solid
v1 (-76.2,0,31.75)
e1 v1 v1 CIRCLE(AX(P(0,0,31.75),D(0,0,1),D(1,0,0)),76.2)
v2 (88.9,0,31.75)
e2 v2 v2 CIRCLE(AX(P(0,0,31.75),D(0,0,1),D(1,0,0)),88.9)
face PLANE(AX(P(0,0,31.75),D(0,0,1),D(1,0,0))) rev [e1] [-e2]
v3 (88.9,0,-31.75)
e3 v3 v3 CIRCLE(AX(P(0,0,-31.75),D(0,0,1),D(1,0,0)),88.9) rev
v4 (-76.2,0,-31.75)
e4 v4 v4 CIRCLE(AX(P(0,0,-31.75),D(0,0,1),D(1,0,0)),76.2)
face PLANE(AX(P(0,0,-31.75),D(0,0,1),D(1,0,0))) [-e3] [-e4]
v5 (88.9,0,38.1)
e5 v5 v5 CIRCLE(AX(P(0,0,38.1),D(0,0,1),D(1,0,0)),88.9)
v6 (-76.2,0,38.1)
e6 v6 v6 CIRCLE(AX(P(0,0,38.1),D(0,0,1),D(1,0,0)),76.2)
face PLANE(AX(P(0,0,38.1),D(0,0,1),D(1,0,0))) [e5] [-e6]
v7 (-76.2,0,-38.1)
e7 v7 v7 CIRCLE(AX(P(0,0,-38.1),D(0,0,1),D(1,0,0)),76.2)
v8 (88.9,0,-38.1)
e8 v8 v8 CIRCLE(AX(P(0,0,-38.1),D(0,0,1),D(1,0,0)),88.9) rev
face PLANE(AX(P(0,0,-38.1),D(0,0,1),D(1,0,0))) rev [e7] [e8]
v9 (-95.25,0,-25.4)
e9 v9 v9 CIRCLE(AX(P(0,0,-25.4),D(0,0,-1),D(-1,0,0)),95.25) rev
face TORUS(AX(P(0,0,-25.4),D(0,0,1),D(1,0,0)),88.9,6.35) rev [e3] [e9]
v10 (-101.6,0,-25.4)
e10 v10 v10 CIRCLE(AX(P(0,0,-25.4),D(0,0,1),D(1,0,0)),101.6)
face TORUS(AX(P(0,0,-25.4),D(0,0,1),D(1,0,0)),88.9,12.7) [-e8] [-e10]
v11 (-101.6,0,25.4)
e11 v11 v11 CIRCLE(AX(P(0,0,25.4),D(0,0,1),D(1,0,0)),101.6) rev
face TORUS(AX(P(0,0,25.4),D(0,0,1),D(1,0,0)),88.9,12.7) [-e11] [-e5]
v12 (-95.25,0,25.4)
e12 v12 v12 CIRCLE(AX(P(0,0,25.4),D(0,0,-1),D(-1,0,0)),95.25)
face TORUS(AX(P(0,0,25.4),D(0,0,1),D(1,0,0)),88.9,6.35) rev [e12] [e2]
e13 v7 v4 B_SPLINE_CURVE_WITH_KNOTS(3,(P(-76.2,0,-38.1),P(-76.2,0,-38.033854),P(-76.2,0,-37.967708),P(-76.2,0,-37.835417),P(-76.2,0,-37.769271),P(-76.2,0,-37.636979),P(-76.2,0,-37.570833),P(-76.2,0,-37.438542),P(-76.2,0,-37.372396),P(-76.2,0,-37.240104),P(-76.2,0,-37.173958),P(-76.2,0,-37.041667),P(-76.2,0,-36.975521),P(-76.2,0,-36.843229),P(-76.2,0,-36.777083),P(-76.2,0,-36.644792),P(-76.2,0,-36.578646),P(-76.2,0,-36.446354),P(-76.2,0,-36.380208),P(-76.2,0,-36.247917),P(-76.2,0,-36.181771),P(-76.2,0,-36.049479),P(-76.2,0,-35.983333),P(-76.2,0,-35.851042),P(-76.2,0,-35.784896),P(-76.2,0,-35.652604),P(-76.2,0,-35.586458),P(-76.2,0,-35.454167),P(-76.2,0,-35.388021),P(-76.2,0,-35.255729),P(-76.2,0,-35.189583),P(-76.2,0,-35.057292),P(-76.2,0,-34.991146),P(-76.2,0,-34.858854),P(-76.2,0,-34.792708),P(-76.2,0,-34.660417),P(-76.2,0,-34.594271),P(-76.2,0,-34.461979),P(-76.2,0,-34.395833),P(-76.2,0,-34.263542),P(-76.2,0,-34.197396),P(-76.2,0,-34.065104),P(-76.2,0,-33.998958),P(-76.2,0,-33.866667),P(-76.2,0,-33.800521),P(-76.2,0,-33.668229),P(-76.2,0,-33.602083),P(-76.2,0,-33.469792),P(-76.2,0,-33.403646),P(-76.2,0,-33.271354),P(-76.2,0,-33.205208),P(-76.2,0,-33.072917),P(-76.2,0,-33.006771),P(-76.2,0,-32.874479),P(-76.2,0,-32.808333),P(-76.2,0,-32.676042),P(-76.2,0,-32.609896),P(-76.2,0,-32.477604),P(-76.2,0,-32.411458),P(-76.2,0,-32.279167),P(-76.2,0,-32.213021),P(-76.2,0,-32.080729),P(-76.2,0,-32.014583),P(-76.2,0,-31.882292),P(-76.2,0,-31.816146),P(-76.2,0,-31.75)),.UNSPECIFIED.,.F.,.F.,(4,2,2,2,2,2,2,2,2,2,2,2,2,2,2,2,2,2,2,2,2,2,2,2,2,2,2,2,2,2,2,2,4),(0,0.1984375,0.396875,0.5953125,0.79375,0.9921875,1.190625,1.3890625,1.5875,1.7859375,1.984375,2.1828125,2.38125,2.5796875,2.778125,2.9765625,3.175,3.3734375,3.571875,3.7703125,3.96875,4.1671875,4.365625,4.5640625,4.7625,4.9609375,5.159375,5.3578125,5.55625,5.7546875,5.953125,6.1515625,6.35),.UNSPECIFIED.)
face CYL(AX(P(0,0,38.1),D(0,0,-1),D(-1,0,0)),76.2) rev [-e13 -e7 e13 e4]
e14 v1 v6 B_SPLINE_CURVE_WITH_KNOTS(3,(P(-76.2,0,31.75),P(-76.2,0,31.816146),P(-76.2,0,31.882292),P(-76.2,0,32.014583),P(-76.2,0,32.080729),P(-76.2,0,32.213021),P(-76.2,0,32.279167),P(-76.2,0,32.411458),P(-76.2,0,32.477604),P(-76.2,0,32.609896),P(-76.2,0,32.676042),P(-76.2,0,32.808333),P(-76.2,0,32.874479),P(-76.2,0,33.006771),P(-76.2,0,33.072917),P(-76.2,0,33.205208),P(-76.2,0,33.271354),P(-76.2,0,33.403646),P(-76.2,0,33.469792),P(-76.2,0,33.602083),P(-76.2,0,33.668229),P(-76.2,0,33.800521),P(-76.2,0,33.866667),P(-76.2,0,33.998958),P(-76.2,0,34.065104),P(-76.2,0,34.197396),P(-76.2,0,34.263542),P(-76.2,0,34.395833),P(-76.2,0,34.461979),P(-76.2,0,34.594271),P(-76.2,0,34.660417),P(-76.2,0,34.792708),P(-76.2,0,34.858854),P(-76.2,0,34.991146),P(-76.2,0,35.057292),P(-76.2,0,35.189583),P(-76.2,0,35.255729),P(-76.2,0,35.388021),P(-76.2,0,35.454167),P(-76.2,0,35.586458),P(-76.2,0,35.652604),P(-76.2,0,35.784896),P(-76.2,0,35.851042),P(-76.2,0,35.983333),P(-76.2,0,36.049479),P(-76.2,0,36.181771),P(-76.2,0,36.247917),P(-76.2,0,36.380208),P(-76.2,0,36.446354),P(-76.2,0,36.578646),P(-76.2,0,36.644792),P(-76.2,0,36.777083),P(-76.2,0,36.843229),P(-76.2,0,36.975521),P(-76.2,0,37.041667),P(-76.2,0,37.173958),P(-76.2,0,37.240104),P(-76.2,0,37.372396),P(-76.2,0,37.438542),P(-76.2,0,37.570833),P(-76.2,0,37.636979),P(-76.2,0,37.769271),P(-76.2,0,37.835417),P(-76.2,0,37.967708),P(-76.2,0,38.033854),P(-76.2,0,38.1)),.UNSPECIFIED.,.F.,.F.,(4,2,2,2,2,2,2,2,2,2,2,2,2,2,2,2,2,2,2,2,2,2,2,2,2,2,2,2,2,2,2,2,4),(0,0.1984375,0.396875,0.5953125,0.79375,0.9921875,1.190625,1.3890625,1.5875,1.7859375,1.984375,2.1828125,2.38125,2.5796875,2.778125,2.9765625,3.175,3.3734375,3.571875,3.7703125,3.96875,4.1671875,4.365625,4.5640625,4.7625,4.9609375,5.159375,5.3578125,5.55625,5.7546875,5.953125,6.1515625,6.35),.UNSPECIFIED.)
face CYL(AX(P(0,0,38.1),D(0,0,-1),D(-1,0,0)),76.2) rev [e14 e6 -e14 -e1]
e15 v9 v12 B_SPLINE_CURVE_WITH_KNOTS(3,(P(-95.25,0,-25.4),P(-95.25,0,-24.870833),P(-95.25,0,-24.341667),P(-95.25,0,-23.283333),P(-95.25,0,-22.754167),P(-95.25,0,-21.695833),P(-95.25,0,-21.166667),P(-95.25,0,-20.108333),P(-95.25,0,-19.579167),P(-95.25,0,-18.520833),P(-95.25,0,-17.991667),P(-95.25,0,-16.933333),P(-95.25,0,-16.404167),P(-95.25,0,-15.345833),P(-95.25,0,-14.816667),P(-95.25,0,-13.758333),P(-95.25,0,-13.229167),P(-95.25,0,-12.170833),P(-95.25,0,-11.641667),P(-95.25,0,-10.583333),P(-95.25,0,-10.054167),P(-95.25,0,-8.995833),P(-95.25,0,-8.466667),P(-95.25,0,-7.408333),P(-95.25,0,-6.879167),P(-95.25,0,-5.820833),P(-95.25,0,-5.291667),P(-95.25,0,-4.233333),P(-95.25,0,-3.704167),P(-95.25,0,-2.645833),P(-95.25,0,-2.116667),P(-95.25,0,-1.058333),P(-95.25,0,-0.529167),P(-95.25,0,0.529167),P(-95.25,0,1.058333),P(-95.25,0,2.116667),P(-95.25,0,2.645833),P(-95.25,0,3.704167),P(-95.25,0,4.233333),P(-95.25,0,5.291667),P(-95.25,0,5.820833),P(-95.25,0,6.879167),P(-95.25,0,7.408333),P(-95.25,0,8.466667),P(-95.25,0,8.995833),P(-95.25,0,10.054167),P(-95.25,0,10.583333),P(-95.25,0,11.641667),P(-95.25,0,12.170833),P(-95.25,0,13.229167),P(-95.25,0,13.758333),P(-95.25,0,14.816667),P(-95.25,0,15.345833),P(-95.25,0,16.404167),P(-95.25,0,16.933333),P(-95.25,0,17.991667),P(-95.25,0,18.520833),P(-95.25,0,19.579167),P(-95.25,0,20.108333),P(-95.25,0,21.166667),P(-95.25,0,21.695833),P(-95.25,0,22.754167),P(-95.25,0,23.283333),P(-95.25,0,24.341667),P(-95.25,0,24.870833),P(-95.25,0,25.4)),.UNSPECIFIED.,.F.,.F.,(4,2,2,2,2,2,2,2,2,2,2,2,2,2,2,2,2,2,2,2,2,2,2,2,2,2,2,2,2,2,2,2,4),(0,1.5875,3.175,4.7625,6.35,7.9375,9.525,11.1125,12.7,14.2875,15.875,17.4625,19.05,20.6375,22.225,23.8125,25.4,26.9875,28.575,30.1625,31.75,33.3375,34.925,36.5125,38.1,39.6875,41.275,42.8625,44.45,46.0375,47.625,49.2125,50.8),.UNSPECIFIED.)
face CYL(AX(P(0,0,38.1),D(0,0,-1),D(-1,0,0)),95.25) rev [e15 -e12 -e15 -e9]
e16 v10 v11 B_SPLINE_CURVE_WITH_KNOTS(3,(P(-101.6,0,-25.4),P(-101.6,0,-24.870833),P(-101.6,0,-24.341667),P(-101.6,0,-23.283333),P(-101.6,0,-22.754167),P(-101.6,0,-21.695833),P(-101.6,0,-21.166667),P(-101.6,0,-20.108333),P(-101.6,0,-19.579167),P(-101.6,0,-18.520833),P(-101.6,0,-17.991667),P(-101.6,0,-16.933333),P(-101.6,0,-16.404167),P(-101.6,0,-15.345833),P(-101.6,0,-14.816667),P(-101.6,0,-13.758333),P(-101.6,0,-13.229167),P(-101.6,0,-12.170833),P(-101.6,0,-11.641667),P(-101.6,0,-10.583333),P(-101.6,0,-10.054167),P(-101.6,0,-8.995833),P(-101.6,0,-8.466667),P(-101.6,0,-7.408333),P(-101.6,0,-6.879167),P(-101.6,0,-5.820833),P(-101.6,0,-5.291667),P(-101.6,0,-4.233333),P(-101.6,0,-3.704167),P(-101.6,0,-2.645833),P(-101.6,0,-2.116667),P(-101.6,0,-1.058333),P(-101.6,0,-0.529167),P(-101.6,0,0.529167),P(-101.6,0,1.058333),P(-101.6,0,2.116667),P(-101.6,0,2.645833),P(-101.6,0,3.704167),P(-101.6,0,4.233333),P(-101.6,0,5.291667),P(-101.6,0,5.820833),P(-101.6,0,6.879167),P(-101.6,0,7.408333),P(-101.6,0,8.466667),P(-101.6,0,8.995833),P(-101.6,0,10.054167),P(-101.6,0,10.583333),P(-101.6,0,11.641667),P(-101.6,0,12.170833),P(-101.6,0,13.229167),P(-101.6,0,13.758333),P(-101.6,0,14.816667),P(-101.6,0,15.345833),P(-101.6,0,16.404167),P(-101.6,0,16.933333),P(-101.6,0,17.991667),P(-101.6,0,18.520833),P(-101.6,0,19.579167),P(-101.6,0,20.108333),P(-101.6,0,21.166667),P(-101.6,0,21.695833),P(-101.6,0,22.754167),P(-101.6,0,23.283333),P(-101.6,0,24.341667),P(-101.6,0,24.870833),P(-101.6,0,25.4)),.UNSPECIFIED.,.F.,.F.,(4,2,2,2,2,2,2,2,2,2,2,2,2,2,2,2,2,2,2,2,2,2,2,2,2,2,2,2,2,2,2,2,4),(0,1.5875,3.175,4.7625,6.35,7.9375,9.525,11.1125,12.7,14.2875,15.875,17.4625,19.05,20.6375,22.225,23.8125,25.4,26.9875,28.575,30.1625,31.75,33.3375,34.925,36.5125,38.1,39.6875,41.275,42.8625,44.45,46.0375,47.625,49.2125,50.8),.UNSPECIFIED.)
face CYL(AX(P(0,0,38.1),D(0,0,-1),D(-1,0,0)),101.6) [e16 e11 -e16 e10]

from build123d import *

# Parameters (mm, degrees)
SKETCH2_R           = 101.6
SKETCH2_R_2         = 76.2
BOSS_EXTRUDE1_DEPTH = 38.1
FILLET2_R           = 12.7
SHELL1_T            = -6.35


with BuildPart() as part:
    # Sketch2 → Boss-Extrude1 (new, symmetric)
    with BuildSketch(Plane.XY):
        with Locations(Location((0, 0, 0), (0, 0, 180))):
            Circle(SKETCH2_R)
        with Locations(Location((0, 0, 0), (0, 0, 180))):
            Circle(SKETCH2_R_2, mode=Mode.SUBTRACT)
    extrude(amount=BOSS_EXTRUDE1_DEPTH, both=True)

    # Fillet2
    fillet2_edges = [part.edges().sort_by_distance(p)[0] for p in [
        (101.6, 0, -38.1),
        (101.6, 0, 38.1),
    ]]
    fillet(fillet2_edges, radius=FILLET2_R)

    # Shell1
    shell1_openings = [part.faces().sort_by_distance(p)[0] for p in [
        (76.2, 0, 0),
    ]]
    offset(amount=SHELL1_T, openings=shell1_openings, kind=Kind.INTERSECTION)


solid = part.part
